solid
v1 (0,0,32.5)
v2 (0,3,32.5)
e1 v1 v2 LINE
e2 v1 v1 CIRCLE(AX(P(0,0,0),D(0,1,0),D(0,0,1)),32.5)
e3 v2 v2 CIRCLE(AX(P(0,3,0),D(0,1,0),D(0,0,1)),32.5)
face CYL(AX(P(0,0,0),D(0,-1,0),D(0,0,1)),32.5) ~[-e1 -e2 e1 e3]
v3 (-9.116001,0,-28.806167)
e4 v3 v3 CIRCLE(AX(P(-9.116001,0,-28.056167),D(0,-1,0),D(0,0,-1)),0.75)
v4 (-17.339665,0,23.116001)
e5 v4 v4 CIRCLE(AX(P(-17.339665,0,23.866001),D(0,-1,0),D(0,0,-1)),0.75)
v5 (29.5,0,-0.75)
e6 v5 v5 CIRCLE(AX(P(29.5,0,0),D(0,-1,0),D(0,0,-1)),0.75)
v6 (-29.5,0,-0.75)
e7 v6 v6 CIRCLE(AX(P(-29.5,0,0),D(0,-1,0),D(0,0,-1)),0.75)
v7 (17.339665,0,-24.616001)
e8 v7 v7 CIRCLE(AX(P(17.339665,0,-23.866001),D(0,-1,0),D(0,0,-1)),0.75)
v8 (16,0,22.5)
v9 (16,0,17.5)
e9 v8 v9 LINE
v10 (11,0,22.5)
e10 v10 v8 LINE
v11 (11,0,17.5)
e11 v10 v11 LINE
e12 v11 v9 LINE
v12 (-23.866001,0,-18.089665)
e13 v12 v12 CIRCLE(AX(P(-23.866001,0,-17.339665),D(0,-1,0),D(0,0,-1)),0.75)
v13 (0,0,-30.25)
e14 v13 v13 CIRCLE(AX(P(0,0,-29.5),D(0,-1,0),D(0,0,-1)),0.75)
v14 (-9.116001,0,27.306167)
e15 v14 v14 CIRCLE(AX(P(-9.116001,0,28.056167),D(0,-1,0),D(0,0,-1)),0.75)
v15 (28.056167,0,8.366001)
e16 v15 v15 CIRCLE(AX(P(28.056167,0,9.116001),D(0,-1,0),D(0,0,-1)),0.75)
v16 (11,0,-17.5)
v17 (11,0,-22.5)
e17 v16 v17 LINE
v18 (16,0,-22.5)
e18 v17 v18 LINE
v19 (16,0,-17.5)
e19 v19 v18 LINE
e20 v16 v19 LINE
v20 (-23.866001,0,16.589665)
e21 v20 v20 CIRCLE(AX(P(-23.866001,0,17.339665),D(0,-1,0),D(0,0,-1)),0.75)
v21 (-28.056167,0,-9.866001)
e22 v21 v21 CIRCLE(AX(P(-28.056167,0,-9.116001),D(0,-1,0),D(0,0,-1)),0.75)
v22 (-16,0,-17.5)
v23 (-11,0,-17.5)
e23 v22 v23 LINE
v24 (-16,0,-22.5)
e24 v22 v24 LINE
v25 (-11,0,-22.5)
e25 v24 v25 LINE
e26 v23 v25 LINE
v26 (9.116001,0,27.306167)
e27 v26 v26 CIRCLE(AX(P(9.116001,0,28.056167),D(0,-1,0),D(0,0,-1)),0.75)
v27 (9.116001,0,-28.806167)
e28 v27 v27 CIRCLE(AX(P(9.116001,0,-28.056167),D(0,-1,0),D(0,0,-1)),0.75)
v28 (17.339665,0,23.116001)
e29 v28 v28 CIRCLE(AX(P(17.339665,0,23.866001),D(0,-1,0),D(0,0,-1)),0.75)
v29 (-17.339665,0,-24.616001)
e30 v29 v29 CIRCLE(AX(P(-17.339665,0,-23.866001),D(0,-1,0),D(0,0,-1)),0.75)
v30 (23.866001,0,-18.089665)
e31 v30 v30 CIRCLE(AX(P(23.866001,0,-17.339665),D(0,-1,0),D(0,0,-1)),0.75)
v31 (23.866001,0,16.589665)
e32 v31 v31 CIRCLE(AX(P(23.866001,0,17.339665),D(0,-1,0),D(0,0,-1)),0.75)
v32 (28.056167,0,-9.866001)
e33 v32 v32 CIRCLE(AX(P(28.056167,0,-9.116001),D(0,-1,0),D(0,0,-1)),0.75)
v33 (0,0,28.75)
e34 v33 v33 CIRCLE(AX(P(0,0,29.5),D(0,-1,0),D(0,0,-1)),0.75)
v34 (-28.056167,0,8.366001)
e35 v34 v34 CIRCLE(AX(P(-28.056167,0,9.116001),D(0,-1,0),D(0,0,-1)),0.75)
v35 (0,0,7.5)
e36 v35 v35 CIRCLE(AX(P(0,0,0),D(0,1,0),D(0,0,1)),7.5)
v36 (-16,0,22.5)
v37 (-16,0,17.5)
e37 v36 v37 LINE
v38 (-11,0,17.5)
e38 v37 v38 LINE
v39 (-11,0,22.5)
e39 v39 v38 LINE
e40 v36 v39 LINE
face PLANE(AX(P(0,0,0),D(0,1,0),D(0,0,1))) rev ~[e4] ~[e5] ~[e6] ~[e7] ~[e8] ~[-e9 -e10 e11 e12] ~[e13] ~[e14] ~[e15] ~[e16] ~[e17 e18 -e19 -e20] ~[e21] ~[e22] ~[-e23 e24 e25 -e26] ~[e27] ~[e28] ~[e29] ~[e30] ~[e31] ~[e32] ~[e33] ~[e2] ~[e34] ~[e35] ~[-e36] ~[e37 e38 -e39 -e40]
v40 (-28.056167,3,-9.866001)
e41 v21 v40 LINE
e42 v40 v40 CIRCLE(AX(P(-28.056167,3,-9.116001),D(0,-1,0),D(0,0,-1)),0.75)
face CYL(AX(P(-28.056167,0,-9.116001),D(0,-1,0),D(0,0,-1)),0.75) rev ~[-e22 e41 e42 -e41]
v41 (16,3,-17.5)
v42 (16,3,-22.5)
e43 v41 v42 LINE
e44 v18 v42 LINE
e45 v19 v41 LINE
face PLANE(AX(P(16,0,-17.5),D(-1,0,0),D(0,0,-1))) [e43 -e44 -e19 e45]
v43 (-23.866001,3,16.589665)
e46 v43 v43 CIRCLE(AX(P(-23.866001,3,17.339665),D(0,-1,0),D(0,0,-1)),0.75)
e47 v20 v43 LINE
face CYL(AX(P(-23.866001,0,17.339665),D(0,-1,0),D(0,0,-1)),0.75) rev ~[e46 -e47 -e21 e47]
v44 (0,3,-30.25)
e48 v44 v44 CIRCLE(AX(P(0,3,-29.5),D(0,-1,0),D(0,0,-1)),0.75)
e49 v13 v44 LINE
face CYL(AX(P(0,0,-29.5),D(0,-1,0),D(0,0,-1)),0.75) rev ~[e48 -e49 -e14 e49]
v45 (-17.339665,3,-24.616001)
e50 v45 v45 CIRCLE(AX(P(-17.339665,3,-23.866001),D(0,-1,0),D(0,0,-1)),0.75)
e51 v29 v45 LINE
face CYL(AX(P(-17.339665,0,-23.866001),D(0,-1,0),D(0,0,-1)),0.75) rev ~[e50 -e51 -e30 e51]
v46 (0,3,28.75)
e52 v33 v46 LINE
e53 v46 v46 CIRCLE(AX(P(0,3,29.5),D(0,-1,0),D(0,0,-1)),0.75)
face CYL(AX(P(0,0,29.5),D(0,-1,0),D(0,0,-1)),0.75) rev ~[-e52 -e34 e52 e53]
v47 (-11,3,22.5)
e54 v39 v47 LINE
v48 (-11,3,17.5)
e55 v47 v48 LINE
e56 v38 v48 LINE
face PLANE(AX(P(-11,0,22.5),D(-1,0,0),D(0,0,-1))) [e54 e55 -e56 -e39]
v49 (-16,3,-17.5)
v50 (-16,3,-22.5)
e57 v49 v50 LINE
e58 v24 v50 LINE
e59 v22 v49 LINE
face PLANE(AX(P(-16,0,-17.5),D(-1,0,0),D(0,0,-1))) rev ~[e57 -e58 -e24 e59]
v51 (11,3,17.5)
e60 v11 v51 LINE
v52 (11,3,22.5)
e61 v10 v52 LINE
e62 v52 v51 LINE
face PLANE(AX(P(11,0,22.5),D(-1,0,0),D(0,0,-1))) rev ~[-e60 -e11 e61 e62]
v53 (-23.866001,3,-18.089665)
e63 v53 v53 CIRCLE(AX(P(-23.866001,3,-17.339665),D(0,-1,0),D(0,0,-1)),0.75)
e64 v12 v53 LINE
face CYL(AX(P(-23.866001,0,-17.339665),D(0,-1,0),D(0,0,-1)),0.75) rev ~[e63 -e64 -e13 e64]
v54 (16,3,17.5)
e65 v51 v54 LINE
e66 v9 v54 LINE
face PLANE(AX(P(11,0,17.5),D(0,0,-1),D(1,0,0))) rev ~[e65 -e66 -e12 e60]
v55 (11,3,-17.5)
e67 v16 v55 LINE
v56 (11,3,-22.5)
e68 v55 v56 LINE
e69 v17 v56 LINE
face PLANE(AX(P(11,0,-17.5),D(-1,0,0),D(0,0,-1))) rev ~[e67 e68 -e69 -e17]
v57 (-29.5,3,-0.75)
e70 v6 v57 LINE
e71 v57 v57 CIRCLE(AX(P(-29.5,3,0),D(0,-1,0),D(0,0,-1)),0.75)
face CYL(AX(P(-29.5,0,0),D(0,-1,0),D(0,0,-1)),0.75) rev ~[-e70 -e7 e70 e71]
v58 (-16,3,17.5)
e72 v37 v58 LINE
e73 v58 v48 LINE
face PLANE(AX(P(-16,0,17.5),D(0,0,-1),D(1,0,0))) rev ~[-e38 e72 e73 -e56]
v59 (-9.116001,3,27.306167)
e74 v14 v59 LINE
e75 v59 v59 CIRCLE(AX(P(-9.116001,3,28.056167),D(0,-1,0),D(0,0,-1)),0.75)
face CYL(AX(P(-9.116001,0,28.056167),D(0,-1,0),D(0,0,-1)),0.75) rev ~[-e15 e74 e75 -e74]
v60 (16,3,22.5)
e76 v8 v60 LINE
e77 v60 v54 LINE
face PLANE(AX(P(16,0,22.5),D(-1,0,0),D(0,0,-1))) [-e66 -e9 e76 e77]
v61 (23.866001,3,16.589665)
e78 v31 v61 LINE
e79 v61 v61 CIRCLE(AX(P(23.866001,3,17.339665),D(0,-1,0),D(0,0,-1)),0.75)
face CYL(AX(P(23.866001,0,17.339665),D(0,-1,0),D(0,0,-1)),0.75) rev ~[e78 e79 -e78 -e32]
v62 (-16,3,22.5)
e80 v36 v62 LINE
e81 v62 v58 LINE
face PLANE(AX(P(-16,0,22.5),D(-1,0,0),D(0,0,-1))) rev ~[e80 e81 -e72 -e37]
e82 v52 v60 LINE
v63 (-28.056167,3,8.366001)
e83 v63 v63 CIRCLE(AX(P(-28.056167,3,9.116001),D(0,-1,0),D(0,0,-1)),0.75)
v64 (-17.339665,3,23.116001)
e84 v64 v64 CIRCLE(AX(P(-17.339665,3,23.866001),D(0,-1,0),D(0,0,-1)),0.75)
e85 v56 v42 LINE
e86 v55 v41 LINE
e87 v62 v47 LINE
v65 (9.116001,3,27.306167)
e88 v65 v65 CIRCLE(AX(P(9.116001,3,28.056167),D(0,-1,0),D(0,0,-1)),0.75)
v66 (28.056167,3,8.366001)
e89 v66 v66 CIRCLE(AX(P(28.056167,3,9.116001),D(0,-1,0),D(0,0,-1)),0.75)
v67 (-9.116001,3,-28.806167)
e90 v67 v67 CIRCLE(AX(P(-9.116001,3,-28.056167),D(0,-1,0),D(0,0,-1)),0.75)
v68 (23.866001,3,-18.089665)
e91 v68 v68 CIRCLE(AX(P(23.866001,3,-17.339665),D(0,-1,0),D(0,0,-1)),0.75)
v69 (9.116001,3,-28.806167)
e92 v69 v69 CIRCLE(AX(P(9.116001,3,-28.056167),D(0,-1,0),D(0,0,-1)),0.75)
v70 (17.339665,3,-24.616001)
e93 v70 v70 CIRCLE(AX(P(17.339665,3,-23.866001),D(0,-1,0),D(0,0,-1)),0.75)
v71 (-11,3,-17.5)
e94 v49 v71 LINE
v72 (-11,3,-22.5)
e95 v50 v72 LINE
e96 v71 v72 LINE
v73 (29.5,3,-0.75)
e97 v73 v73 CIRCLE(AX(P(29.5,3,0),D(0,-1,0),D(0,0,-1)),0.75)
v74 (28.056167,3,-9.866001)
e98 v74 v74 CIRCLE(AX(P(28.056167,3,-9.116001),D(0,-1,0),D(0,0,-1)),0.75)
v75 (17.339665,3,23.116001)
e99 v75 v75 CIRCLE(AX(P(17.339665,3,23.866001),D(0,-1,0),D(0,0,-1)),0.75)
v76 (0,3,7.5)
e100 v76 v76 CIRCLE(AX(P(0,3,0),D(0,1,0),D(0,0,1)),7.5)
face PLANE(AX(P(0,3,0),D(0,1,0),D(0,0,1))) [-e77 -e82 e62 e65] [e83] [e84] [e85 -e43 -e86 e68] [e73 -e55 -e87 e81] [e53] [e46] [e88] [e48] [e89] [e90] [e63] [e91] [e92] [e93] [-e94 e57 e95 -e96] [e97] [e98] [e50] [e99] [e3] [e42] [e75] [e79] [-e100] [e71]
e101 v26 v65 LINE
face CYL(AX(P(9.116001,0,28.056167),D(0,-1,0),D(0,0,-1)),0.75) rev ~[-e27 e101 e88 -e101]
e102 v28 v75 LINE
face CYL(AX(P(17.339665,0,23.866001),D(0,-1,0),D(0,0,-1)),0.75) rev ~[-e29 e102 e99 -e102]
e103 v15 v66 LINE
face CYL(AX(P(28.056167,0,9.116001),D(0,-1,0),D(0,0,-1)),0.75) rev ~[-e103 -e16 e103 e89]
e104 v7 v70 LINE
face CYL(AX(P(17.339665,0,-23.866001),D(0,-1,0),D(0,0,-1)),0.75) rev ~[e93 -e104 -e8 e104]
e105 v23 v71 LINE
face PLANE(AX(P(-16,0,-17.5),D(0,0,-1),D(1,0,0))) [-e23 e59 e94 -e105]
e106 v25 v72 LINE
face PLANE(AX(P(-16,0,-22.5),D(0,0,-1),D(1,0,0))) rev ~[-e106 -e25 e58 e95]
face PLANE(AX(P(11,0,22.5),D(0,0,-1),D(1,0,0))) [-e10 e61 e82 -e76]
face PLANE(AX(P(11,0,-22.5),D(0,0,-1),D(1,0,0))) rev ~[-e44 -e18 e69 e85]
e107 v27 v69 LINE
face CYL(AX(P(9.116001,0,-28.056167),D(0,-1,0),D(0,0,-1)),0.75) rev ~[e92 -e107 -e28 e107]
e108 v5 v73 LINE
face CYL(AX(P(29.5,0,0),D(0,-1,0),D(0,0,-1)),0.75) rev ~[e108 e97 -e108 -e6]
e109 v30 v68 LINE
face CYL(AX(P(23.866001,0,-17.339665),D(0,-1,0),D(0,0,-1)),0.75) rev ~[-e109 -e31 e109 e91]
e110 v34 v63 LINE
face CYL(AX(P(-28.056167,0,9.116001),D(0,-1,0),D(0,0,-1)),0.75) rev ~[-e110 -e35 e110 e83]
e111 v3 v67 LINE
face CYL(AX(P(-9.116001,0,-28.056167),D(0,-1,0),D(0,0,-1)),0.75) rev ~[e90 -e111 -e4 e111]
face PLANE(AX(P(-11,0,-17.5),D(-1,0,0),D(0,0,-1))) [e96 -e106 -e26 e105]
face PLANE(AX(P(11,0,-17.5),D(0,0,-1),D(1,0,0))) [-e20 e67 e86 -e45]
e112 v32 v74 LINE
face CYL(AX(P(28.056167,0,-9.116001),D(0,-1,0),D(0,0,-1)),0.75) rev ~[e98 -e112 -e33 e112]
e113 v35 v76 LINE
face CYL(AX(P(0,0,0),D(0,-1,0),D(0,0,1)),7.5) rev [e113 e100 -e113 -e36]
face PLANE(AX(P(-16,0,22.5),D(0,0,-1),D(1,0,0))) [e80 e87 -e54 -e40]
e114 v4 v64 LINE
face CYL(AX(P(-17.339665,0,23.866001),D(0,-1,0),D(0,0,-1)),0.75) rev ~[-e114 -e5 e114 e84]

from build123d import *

# Parameters (mm, degrees)
SKETCH1_R           = 32.5
SKETCH1_R_2         = 7.5
SKETCH1_W           = 5
SKETCH1_H           = 5
BOSS_EXTRUDE1_DEPTH = 3
SKETCH2_R           = 0.75
CUT_EXTRUDE1_DEPTH  = 47.059743812


with BuildPart() as part:
    # Sketch1 → Boss-Extrude1 (new body)
    with BuildSketch(Plane(origin=(0, 0, 0), x_dir=(1, 0, 0), z_dir=(0, 1, 0))):
        with Locations(Location((0, 0, 0), (0, 0, 270))):
            Circle(SKETCH1_R)
        with Locations(Location((0, 0, 0), (0, 0, 270))):
            Circle(SKETCH1_R_2, mode=Mode.SUBTRACT)
        with Locations((-13.5, -20)):
            Rectangle(SKETCH1_W, SKETCH1_H, mode=Mode.SUBTRACT)
        with Locations((-13.5, 20)):
            Rectangle(SKETCH1_W, SKETCH1_H, mode=Mode.SUBTRACT)
        with Locations((13.5, 20)):
            Rectangle(SKETCH1_W, SKETCH1_H, mode=Mode.SUBTRACT)
        with Locations((13.5, -20)):
            Rectangle(SKETCH1_W, SKETCH1_H, mode=Mode.SUBTRACT)
    extrude(amount=BOSS_EXTRUDE1_DEPTH)

    # Sketch2 → Cut-Extrude1 (cut, through all)
    with BuildSketch(Plane.XZ):
        with Locations(Location((0, -29.5, 0), (0, 0, 270))):
            Circle(SKETCH2_R)
        with Locations(Location((-9.116001334, -28.056167231, 0), (0, 0, 270))):
            Circle(SKETCH2_R)
        with Locations(Location((-17.339664943, -23.866001334, 0), (0, 0, 270))):
            Circle(SKETCH2_R)
        with Locations(Location((-23.866001334, -17.339664943, 0), (0, 0, 270))):
            Circle(SKETCH2_R)
        with Locations(Location((-28.056167231, -9.116001334, 0), (0, 0, 270))):
            Circle(SKETCH2_R)
        with Locations(Location((-29.5, 0, 0), (0, 0, 270))):
            Circle(SKETCH2_R)
        with Locations(Location((-28.056167231, 9.116001334, 0), (0, 0, 270))):
            Circle(SKETCH2_R)
        with Locations(Location((-23.866001334, 17.339664943, 0), (0, 0, 270))):
            Circle(SKETCH2_R)
        with Locations(Location((-17.339664943, 23.866001334, 0), (0, 0, 270))):
            Circle(SKETCH2_R)
        with Locations(Location((-9.116001334, 28.056167231, 0), (0, 0, 270))):
            Circle(SKETCH2_R)
        with Locations(Location((0, 29.5, 0), (0, 0, 270))):
            Circle(SKETCH2_R)
        with Locations(Location((9.116001334, 28.056167231, 0), (0, 0, 270))):
            Circle(SKETCH2_R)
        with Locations(Location((17.339664943, 23.866001334, 0), (0, 0, 270))):
            Circle(SKETCH2_R)
        with Locations(Location((23.866001334, 17.339664943, 0), (0, 0, 270))):
            Circle(SKETCH2_R)
        with Locations(Location((28.056167231, 9.116001334, 0), (0, 0, 270))):
            Circle(SKETCH2_R)
        with Locations(Location((29.5, 0, 0), (0, 0, 270))):
            Circle(SKETCH2_R)
        with Locations(Location((28.056167231, -9.116001334, 0), (0, 0, 270))):
            Circle(SKETCH2_R)
        with Locations(Location((23.866001334, -17.339664943, 0), (0, 0, 270))):
            Circle(SKETCH2_R)
        with Locations(Location((17.339664943, -23.866001334, 0), (0, 0, 270))):
            Circle(SKETCH2_R)
        with Locations(Location((9.116001334, -28.056167231, 0), (0, 0, 270))):
            Circle(SKETCH2_R)
    extrude(amount=-CUT_EXTRUDE1_DEPTH, mode=Mode.SUBTRACT)


solid = part.part
